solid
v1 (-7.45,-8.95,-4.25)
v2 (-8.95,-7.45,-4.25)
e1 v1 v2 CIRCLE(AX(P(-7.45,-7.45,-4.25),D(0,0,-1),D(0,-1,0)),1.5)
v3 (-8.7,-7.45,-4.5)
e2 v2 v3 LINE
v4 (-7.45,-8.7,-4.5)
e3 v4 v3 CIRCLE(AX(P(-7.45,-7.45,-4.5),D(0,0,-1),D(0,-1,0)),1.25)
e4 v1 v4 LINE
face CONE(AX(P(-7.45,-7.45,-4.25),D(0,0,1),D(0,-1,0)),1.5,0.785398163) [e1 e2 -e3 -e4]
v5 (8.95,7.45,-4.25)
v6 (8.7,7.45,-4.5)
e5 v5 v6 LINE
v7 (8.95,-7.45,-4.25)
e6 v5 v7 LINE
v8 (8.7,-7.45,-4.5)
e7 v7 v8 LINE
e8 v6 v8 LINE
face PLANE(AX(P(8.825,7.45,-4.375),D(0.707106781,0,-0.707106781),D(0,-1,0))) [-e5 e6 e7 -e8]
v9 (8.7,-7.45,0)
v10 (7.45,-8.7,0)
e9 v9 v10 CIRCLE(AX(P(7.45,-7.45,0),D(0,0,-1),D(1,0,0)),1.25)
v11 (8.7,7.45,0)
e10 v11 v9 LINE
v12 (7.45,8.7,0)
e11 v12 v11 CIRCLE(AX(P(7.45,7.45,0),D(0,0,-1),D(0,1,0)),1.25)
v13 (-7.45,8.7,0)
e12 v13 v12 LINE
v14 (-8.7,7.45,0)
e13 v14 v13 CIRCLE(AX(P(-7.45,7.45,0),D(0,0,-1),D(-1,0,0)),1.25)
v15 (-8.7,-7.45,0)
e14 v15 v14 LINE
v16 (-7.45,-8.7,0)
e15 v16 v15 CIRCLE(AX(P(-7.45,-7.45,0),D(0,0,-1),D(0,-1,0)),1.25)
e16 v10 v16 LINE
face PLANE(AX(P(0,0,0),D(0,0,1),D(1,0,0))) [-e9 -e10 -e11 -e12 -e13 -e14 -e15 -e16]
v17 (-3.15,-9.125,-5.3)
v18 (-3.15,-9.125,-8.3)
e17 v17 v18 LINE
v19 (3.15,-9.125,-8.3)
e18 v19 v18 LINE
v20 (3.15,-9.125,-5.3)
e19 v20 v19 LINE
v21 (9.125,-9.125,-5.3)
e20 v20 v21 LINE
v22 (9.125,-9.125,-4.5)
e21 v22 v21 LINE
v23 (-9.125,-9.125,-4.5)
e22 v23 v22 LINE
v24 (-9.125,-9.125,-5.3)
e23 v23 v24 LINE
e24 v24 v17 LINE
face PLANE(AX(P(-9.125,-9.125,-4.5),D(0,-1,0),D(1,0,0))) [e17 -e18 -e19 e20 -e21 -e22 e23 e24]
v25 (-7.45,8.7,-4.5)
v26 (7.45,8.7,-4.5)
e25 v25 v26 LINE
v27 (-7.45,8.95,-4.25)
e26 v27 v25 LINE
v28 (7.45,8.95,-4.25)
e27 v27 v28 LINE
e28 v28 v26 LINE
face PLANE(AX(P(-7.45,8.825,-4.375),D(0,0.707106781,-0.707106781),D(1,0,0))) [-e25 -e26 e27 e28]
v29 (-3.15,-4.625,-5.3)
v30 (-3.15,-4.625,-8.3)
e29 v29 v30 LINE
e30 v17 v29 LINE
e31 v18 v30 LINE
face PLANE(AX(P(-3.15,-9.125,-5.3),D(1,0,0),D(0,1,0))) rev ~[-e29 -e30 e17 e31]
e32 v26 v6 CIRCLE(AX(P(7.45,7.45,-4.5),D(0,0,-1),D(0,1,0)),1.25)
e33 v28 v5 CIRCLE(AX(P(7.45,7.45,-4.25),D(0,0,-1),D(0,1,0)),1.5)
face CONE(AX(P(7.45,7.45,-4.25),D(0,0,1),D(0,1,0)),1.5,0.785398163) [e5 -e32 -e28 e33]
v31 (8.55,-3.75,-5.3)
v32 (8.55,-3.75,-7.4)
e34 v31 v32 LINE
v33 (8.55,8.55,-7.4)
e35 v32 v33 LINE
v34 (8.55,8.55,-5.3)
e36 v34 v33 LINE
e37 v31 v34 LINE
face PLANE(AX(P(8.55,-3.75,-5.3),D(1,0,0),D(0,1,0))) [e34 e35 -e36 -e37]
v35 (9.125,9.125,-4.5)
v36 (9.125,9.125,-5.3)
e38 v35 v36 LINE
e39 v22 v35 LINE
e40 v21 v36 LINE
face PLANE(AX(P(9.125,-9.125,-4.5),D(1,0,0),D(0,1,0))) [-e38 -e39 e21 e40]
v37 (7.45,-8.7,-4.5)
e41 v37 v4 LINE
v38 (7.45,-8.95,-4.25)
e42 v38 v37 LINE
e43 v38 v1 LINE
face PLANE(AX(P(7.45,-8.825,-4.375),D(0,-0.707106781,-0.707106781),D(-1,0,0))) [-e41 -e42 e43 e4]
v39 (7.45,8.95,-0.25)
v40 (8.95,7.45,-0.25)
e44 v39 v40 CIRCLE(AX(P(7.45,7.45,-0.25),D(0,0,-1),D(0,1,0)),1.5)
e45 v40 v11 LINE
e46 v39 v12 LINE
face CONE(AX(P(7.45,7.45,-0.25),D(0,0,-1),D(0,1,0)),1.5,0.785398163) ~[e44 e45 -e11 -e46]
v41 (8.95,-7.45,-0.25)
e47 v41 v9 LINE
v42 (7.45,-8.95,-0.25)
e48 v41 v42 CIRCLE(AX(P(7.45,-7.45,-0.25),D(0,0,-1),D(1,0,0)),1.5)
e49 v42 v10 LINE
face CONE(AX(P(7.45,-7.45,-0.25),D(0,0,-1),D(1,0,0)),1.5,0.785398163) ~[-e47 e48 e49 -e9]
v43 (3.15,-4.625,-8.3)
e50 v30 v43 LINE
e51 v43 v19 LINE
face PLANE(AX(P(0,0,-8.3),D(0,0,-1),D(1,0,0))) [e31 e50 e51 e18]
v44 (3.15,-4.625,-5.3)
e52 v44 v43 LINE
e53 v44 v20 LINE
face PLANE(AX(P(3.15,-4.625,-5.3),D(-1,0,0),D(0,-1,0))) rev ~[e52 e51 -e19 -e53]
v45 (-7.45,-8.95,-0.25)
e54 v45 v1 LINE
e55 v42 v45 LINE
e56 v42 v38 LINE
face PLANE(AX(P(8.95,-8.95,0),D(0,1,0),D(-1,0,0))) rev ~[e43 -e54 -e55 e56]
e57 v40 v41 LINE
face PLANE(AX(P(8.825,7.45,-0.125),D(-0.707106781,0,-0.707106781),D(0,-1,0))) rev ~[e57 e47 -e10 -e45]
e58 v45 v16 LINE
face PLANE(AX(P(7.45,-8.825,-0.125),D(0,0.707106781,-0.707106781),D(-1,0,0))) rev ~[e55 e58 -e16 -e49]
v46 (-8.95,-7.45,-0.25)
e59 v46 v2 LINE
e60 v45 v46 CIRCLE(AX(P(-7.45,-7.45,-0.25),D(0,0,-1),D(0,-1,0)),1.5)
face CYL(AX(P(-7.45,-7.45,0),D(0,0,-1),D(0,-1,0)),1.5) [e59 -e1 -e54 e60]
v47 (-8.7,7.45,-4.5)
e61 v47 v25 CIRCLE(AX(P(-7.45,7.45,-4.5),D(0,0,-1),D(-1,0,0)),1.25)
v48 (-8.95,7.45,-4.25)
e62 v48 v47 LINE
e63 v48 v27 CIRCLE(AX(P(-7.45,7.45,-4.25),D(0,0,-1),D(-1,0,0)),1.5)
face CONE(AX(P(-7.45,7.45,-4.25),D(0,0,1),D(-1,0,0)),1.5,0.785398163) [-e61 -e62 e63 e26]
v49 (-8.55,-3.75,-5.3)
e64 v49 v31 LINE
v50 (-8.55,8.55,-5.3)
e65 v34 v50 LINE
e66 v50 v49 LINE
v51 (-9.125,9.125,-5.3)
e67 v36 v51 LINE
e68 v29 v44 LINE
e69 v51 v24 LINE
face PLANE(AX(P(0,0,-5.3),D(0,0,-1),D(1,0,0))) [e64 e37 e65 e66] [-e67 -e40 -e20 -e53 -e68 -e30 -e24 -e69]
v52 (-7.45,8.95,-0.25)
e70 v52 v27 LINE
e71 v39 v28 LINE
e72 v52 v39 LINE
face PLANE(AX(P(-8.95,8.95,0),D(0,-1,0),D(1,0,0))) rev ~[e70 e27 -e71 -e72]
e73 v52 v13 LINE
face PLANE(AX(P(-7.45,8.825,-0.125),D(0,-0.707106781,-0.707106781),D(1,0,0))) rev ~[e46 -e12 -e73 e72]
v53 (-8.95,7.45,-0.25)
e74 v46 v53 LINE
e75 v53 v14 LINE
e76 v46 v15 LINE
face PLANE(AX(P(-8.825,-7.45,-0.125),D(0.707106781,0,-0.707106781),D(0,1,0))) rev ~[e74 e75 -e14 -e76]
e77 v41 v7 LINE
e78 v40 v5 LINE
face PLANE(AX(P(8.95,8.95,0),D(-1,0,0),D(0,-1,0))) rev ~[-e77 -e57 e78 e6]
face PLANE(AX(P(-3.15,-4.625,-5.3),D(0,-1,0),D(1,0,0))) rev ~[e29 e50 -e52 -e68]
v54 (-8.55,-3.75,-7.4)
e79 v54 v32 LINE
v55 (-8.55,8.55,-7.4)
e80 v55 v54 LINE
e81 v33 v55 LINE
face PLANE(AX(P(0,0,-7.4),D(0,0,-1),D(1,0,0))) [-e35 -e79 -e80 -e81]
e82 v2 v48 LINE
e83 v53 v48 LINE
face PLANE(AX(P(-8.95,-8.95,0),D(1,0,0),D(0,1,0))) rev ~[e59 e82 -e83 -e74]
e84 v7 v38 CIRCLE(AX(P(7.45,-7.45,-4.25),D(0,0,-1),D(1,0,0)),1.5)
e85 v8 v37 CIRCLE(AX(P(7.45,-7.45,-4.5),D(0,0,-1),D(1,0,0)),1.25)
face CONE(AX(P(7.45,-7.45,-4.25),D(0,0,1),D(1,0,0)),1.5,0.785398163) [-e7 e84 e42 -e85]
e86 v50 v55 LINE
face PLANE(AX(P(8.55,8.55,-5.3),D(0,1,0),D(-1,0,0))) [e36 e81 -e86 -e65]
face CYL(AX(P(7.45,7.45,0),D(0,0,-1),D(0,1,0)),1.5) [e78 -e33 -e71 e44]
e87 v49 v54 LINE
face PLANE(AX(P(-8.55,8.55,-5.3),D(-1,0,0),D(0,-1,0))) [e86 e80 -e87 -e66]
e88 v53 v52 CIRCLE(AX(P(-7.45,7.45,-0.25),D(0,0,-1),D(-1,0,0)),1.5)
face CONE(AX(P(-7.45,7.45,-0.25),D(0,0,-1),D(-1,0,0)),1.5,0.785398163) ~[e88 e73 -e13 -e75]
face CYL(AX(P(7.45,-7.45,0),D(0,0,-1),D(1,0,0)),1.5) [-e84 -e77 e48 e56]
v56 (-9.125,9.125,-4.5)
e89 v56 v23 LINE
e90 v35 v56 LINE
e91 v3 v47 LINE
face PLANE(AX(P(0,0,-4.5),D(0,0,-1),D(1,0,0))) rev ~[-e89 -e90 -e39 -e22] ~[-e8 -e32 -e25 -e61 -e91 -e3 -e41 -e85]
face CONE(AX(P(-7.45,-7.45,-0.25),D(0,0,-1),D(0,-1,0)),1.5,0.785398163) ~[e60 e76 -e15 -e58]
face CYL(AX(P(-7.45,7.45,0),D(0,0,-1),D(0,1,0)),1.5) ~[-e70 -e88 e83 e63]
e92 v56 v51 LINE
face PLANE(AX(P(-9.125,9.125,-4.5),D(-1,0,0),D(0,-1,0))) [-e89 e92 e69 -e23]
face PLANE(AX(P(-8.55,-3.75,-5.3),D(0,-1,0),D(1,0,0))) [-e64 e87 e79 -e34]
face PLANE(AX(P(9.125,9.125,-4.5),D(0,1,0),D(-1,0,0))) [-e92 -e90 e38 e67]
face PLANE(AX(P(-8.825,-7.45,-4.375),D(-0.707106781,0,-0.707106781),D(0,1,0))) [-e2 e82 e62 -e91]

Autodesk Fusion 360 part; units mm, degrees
sketch "Sketch1" plane through (0, 0, 0) normal (0, 0, 1) x (1, 0, 0)
  line L0 (-8.95, 8.95) -> (8.95, 8.95)
  line L1 (8.95, 8.95) -> (8.95, -8.95)
  line L2 (8.95, -8.95) -> (-8.95, -8.95)
  line L3 (-8.95, -8.95) -> (-8.95, 8.95)
  line L4 (-8.95, 8.95) -> (8.95, -8.95) construction
  line L5 (8.95, 8.95) -> (-8.95, -8.95) construction
  dimension "d1" = 17.9
extrude "Extrude1" add sketch "Sketch1" against normal blind 4.5
fillet "Fillet1" radius 1.5 4 edges at (8.95, -8.95, -2.25) (-8.95, -8.95, -2.25) (-8.95, 8.95, -2.25) (8.95, 8.95, -2.25)
chamfer "Chamfer1" distance 0.25 angle 45 2 faces at (2.4833, -1.9833, 0) (2.4833, -1.9833, -4.5)
sketch "Sketch2" plane through (0, 0, -4.5) normal (0, 0, -1) x (1, 0, 0)
  arc A0 (7.45, -8.7) -> (8.7, -7.45) centre (7.45, -7.45) ccw
  line L0 (8.7, -7.45) -> (8.7, 7.45)
  arc A1 (8.7, 7.45) -> (7.45, 8.7) centre (7.45, 7.45) ccw
  line L1 (7.45, 8.7) -> (-7.45, 8.7)
  arc A2 (-7.45, 8.7) -> (-8.7, 7.45) centre (-7.45, 7.45) ccw
  line L2 (-8.7, 7.45) -> (-8.7, -7.45)
  arc A3 (-8.7, -7.45) -> (-7.45, -8.7) centre (-7.45, -7.45) ccw
  line L3 (-7.45, -8.7) -> (7.45, -8.7)
  line L4 (9.125, -9.125) -> (-9.125, -9.125)
  line L5 (-9.125, -9.125) -> (-9.125, 9.125)
  line L6 (-9.125, 9.125) -> (9.125, 9.125)
  line L7 (9.125, 9.125) -> (9.125, -9.125)
  line L8 (9.125, -9.125) -> (-9.125, 9.125) construction
  line L9 (-9.125, -9.125) -> (9.125, 9.125) construction
  dimension "d7" = 18.25
extrude "Extrude2" add sketch "Sketch2" along normal blind 0.8 contours A0 L0 A1 L1 A2 L2 A3 L3 | L4 L5 L6 L7
sketch "Sketch3" plane through (0, 0, -5.3) normal (0, 0, -1) x (1, 0, 0)
  line L0 (9.125, 9.125) -> (-9.125, 9.125)
  line L1 (-9.125, 9.125) -> (-9.125, -9.125)
  line L2 (-9.125, -9.125) -> (9.125, -9.125)
  line L3 (9.125, -9.125) -> (9.125, 9.125)
  line L4 (-8.55, 8.55) -> (8.55, 8.55)
  line L5 (8.55, 8.55) -> (8.55, -8.55)
  line L6 (8.55, -8.55) -> (-8.55, -8.55)
  line L7 (-8.55, -8.55) -> (-8.55, 8.55)
  line L8 (-8.55, 8.55) -> (8.55, -8.55) construction
  line L9 (8.55, 8.55) -> (-8.55, -8.55) construction
  line L10 (-8.55, 3.75) -> (8.55, 3.75)
  dimension "d10" = 17.1
  dimension "d11" = 12.3
extrude "Extrude3" add sketch "Sketch3" along normal blind 2.1 contours L5 L6 L7 L10
sketch "Sketch4" plane through (0, 0, -5.3) normal (0, 0, -1) x (1, 0, 0)
  line L0 (-8.55, 3.75) -> (8.55, 3.75)
  line L1 (8.55, 3.75) -> (8.55, -8.55)
  line L2 (8.55, -8.55) -> (-8.55, -8.55)
  line L3 (-8.55, -8.55) -> (-8.55, 3.75)
  line L4 (9.125, 9.125) -> (-9.125, 9.125)
  line L5 (-9.125, 9.125) -> (-9.125, -9.125)
  line L6 (-9.125, -9.125) -> (9.125, -9.125)
  line L7 (9.125, -9.125) -> (9.125, 9.125)
  line L8 (3.15, 9.125) -> (-3.15, 9.125)
  line L9 (-3.15, 9.125) -> (-3.15, 4.625)
  line L10 (-3.15, 4.625) -> (3.15, 4.625)
  line L11 (3.15, 4.625) -> (3.15, 9.125)
  point P0 (0, 4.625)
  dimension "d14" = 6.3
  dimension "d15" = 4.5
extrude "Extrude4" add sketch "Sketch4" along normal blind 3 contours L4 L8 L9 L10 L11
